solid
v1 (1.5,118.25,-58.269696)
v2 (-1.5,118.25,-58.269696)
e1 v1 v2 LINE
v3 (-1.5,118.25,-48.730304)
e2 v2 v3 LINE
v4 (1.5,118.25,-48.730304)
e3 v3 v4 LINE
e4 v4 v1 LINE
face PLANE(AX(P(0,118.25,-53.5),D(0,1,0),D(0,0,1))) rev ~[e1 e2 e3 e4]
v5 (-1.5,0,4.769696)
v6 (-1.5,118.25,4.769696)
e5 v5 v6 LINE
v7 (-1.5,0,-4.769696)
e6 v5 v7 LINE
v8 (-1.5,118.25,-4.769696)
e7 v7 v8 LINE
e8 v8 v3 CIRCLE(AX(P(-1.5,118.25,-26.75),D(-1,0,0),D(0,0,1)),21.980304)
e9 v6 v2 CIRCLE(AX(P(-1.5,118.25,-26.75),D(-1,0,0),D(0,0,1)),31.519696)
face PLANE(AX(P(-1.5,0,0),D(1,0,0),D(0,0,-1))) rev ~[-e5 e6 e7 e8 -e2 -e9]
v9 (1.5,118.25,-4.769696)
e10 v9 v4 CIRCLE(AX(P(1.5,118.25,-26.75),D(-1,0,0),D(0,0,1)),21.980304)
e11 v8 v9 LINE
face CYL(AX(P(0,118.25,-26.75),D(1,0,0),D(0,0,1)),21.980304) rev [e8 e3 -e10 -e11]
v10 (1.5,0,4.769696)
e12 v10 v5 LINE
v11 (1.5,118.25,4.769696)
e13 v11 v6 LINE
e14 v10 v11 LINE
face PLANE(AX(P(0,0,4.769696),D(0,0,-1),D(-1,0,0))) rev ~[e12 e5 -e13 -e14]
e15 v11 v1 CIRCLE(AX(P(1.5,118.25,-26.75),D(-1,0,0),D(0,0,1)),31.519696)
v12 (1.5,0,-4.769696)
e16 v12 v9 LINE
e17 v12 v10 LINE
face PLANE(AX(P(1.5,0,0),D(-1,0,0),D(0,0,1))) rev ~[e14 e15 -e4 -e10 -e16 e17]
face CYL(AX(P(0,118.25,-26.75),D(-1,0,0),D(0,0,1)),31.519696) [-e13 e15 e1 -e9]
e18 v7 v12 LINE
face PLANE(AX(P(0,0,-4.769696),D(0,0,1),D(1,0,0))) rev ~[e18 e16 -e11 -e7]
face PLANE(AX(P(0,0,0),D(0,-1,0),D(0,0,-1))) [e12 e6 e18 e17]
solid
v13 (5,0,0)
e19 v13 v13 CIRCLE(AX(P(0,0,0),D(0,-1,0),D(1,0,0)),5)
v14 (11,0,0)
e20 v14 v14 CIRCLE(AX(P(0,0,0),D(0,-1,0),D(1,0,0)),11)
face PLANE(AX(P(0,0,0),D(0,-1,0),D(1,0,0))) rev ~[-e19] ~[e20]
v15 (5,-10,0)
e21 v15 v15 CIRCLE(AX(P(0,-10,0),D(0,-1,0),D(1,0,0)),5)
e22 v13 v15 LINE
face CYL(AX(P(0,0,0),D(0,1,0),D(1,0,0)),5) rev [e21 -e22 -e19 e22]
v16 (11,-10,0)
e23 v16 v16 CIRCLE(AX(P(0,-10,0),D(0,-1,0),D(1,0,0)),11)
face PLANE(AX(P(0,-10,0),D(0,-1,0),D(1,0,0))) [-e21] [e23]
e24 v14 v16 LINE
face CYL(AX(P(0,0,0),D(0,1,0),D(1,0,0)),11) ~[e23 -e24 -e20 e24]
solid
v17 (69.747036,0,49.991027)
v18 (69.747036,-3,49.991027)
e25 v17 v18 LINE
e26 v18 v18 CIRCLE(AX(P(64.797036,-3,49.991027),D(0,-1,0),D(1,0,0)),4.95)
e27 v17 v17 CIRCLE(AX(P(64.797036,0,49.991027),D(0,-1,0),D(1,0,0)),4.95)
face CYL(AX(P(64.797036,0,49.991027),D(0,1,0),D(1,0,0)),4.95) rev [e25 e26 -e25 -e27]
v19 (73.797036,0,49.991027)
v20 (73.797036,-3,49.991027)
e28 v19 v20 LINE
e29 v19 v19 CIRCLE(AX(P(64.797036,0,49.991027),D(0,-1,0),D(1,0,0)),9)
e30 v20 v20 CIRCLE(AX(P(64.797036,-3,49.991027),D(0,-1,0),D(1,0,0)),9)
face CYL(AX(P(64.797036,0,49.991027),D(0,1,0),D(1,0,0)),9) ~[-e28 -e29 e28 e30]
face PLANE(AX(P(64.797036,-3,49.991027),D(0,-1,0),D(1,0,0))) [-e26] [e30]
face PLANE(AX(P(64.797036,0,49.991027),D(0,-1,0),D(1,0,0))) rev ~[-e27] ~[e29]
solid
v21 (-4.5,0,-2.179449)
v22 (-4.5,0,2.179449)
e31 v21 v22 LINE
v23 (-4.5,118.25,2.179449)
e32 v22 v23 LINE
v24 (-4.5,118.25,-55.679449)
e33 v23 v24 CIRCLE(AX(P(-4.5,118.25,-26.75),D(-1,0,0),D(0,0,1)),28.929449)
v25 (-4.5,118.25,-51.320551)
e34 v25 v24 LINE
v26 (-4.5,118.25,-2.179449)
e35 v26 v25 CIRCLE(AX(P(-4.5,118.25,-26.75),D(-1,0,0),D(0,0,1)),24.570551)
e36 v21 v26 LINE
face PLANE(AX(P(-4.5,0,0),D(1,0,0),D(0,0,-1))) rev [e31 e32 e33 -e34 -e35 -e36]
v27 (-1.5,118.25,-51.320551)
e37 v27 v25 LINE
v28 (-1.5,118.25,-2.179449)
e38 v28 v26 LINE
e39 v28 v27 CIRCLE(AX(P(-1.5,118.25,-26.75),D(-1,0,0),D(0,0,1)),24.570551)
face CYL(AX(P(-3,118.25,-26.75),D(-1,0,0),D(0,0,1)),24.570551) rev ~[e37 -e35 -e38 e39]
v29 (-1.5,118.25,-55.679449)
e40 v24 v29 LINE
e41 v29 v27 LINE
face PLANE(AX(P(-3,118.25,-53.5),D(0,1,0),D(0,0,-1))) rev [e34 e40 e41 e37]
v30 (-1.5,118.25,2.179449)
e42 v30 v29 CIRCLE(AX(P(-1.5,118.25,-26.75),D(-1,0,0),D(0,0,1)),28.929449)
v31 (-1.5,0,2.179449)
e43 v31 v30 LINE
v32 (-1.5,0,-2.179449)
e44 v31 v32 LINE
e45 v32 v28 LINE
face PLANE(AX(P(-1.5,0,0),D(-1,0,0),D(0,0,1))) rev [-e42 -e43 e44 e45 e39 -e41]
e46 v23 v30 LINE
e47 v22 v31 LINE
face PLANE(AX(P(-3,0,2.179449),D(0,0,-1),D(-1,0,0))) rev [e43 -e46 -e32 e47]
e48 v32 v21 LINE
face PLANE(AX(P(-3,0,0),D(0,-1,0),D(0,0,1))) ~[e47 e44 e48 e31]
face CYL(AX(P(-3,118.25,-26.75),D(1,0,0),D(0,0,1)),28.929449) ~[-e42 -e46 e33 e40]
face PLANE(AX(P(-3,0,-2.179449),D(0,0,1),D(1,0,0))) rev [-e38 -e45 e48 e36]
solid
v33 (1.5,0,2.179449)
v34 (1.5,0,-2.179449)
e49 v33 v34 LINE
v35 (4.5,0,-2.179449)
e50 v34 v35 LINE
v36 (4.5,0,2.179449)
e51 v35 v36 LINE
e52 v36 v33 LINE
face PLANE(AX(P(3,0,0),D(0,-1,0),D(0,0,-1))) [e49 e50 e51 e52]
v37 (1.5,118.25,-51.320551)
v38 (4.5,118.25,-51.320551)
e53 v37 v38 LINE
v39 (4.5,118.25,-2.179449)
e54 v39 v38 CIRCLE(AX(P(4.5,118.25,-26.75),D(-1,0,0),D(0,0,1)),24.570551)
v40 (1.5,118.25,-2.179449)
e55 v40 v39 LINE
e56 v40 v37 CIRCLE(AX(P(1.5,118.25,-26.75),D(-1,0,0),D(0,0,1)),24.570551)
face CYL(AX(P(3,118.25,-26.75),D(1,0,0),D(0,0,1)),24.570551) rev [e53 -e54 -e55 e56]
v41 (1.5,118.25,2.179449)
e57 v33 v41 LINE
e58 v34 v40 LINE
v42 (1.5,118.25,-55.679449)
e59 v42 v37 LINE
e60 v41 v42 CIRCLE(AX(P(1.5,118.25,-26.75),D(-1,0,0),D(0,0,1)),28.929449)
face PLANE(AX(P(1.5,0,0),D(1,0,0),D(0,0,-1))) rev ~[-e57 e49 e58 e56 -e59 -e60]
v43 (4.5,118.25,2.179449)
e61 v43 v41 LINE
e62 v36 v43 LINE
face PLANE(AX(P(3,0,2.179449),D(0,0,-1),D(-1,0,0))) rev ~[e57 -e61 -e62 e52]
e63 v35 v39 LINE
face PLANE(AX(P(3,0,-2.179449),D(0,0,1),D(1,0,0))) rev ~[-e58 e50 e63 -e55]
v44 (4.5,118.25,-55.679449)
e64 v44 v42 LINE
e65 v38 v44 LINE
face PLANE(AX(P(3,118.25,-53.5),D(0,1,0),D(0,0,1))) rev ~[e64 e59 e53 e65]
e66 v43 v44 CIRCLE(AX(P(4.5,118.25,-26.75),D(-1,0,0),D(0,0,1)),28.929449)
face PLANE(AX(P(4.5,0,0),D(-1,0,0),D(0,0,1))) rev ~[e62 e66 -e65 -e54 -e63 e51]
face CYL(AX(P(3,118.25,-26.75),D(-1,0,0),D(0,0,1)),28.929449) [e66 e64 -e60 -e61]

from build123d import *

# Parameters (mm, degrees)
F0_R     = 11
F0_R_2   = 5
F1_DEPTH = 10
F2_W     = 3
F2_H     = 9.5393920142
F3_W     = 3
F3_H     = 4.3588989435
F8_R     = 9
F8_R_2   = 4.95
F9_DEPTH = 3


with BuildPart() as f1:
    # F0 (on Front) → F1 (new body)
    with BuildSketch(Plane.XZ):
        Circle(F0_R)
        Circle(F0_R_2, mode=Mode.SUBTRACT)
    extrude(amount=F1_DEPTH)


with BuildPart() as f5:
    # F5: sweep along a path in F4
    with BuildLine(Plane.YZ) as f5_path:
        Line((0, 0), (118.25, 0))
        ThreePointArc((118.25, 0), (145, -26.75), (118.25, -53.5))
    # F2 (on Front) → F5 (sweep)
    with BuildSketch(Plane.XZ):
        Rectangle(F2_W, F2_H)
    sweep(path=f5_path.line)


with BuildPart() as f6:
    # F6: sweep along a path in F4
    with BuildLine(Plane.YZ) as f6_path:
        Line((0, 0), (118.25, 0))
        ThreePointArc((118.25, 0), (145, -26.75), (118.25, -53.5))
    # F3 (on Front) → F6 (sweep)
    with BuildSketch(Plane.XZ):
        with Locations((3, 0)):
            Rectangle(F3_W, F3_H)
    sweep(path=f6_path.line)


with BuildPart() as f7_1:
    # F7: instance of F6
    add(f6.part.mirror(Plane.YZ))


with BuildPart() as f9:
    # F8 (on Front) → F9 (new body)
    with BuildSketch(Plane.XZ):
        with Locations((64.7970363498, 49.9910265207)):
            Circle(F8_R)
        with Locations((64.7970363498, 49.9910265207)):
            Circle(F8_R_2, mode=Mode.SUBTRACT)
    extrude(amount=F9_DEPTH)


solid = Compound([f1.part, f5.part, f6.part, f7_1.part, f9.part])
